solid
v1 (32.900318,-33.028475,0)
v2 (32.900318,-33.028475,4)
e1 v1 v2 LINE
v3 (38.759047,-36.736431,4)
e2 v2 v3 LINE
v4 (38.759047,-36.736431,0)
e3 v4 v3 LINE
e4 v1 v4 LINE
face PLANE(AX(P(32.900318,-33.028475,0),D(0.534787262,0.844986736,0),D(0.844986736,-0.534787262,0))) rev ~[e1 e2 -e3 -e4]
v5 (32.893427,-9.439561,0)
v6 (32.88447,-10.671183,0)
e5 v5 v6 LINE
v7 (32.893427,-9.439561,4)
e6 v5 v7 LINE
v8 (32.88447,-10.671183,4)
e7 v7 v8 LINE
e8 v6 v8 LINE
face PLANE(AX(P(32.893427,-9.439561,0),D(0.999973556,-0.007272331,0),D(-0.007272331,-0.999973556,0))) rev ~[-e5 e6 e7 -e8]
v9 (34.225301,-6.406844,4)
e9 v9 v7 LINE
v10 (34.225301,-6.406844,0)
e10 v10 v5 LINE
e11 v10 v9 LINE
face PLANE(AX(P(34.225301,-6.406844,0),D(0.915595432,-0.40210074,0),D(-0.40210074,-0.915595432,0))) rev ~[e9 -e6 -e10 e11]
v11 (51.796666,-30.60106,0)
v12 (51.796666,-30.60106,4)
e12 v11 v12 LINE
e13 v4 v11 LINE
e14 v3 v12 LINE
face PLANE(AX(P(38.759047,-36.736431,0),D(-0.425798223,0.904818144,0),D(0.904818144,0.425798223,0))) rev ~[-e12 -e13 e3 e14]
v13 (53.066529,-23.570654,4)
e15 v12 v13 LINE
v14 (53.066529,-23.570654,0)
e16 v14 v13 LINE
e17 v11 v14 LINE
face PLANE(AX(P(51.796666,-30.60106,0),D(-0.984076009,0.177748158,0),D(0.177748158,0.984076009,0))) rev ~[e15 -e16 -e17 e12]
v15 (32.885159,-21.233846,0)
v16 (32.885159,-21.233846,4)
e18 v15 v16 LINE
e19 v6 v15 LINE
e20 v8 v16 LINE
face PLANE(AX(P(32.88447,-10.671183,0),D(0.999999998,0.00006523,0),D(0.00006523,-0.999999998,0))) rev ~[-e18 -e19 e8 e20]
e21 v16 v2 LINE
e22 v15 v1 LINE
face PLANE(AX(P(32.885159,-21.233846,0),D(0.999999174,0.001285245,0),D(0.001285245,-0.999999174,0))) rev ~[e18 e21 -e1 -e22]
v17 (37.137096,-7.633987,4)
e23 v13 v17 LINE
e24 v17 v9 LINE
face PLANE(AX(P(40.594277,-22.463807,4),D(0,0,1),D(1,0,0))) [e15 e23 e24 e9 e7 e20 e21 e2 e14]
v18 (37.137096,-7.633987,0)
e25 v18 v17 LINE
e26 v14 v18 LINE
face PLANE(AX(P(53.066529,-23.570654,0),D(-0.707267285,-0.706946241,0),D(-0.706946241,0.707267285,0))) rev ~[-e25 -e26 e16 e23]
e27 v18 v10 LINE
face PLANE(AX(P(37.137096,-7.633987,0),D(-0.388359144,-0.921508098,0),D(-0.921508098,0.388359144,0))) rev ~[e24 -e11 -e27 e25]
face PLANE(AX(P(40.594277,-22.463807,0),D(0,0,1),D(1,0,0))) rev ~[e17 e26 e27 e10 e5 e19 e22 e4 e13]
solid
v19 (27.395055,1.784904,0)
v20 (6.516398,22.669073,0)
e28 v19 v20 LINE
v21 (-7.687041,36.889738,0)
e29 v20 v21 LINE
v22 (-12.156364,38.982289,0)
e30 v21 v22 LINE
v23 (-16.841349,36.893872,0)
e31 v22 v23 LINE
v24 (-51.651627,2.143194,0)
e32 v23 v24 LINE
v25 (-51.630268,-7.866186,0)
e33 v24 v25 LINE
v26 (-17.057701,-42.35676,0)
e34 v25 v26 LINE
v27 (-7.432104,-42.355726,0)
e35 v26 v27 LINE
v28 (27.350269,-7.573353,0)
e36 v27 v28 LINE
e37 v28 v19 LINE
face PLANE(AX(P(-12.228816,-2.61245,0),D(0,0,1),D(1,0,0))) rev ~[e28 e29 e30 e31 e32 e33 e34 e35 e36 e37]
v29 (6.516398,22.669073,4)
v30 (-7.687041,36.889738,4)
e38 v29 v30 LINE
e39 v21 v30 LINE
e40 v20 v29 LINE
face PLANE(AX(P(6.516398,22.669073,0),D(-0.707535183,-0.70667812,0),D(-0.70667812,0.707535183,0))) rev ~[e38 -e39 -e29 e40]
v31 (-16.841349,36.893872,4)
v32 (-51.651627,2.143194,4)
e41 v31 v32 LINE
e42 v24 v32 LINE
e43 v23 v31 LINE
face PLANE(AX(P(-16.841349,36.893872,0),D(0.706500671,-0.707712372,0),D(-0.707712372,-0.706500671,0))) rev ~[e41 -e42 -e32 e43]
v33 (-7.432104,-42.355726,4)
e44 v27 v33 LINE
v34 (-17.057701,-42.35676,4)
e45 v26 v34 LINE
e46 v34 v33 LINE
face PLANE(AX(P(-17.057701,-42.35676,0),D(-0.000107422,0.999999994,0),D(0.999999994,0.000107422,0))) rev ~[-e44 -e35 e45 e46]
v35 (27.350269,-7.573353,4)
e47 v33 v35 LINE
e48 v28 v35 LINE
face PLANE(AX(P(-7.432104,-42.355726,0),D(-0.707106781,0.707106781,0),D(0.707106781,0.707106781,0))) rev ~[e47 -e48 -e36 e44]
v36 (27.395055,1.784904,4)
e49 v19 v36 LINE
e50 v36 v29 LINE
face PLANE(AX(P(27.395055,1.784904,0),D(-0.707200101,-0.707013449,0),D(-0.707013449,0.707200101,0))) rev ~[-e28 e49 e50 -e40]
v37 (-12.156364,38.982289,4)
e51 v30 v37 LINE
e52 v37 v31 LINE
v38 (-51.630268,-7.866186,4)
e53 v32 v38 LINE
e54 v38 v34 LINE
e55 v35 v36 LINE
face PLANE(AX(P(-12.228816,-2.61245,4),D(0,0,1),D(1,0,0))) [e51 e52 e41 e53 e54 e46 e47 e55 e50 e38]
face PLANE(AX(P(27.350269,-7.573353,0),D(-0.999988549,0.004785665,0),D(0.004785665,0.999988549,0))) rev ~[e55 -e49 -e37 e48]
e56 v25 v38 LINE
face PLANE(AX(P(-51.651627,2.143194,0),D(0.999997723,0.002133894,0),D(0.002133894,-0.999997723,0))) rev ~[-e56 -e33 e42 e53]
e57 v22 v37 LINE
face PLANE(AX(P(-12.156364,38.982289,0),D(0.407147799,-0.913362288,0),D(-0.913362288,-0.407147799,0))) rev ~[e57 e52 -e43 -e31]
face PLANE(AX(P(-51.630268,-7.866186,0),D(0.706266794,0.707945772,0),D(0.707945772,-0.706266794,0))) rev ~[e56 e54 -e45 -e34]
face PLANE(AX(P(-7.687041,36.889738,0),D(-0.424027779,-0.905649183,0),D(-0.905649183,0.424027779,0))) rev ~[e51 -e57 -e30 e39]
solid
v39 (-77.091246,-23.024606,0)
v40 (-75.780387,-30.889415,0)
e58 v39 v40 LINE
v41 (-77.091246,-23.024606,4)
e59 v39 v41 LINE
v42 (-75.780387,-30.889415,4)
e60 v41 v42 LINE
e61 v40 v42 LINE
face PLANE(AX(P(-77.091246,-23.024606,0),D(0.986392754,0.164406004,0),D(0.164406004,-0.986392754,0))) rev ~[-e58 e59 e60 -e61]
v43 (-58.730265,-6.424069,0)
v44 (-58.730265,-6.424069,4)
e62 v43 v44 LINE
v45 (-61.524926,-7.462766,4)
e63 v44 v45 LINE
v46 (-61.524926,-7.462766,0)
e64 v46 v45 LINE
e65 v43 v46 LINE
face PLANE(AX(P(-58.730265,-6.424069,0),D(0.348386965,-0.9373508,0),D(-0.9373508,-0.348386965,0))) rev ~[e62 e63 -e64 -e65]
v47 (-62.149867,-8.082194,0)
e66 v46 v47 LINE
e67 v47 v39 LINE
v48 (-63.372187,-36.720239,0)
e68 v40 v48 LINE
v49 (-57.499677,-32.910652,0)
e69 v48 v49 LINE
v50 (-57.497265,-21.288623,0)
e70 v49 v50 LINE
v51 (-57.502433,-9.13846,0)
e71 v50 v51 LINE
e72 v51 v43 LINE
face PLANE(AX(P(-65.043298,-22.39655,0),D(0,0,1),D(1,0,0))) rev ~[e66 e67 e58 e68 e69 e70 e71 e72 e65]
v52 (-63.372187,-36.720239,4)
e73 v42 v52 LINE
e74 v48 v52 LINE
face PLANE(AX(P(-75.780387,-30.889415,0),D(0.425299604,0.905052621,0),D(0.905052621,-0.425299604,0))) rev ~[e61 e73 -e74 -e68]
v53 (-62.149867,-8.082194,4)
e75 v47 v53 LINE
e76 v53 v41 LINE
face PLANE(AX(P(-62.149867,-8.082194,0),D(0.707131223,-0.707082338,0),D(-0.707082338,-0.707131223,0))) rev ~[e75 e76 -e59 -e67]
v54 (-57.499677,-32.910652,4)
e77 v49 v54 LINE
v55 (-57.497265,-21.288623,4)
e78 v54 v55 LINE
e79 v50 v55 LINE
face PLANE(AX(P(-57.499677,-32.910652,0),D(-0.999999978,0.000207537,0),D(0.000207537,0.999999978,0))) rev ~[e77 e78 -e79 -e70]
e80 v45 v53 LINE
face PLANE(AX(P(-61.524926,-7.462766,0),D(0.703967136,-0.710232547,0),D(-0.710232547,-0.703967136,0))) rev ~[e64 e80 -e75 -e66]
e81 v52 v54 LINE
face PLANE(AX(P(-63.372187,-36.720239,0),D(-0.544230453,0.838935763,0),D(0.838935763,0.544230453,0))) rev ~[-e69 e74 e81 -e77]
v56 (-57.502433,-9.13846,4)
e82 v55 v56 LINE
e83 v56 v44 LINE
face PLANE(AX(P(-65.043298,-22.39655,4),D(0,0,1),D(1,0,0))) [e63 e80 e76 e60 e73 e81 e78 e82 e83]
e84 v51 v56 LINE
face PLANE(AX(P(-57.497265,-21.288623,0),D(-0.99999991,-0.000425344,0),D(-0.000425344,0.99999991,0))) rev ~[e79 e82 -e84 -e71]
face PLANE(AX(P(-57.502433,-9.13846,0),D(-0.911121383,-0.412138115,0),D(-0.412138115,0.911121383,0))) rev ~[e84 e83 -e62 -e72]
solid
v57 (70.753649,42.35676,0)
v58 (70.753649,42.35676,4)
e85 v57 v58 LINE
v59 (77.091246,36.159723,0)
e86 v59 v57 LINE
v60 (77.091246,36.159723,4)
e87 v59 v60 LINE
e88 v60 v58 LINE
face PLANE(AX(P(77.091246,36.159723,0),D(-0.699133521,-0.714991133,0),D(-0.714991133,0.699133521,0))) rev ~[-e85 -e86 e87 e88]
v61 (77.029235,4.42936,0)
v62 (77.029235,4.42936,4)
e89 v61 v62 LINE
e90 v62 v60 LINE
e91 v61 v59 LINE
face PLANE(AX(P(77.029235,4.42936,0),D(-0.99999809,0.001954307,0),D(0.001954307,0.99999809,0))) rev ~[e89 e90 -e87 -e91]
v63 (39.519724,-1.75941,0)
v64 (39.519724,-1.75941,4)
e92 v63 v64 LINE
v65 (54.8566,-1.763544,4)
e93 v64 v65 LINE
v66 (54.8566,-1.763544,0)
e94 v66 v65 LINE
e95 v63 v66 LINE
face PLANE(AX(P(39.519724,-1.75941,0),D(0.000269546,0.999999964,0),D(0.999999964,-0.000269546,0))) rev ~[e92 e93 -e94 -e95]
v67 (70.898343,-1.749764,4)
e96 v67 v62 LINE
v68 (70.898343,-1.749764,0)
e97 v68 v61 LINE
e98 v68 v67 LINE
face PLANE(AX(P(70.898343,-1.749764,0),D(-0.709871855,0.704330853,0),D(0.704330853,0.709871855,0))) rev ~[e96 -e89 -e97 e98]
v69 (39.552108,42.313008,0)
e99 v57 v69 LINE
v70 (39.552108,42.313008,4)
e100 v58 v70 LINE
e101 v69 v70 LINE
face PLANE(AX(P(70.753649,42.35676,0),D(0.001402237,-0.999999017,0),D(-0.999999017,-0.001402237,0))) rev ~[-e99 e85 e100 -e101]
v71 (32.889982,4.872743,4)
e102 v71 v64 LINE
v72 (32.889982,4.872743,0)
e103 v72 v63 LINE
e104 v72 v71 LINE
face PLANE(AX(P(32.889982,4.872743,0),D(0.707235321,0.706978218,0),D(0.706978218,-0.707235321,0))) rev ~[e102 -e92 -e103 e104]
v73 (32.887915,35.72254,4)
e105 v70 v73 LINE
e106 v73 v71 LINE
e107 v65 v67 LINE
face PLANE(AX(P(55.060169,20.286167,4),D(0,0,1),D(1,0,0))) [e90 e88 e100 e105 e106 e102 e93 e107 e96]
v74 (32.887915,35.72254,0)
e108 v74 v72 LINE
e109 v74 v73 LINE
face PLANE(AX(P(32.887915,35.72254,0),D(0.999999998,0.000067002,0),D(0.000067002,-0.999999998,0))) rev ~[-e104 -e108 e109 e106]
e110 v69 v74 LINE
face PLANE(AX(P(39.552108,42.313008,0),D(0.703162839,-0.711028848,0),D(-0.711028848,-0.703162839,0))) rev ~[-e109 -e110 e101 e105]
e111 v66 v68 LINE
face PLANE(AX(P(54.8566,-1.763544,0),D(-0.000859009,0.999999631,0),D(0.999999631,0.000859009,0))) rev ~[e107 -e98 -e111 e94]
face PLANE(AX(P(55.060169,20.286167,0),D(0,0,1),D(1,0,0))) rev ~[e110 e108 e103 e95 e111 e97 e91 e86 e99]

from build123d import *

# Parameters (mm, degrees)
F1_DEPTH = 4


with BuildPart() as f1:
    # F0 (on Top) → F1 (new body)
    with BuildSketch(Plane.XY):
        Polygon((-7.687041, 36.889738), (-12.156364, 38.982289), (-16.841349, 36.893872), (-51.651627, 2.143194), (-51.630268, -7.866186), (-17.057701, -42.35676), (-7.432104, -42.355726), (27.350269, -7.573353), (27.395055, 1.784904), (6.516398, 22.669073), align=None)
        Polygon((39.519724, -1.75941), (54.8566, -1.763544), (70.898343, -1.749764), (77.029235, 4.42936), (77.091246, 36.159723), (70.753649, 42.35676), (39.552108, 42.313008), (32.887915, 35.72254), (32.889982, 4.872743), align=None)
        Polygon((32.88447, -10.671183), (32.885159, -21.233846), (32.900318, -33.028475), (38.759047, -36.736431), (51.796666, -30.60106), (53.066529, -23.570654), (37.137096, -7.633987), (34.225301, -6.406844), (32.893427, -9.439561), align=None)
        Polygon((-57.499677, -32.910652), (-57.497265, -21.288623), (-57.502433, -9.13846), (-58.730265, -6.424069), (-61.524926, -7.462766), (-62.149867, -8.082194), (-77.091246, -23.024606), (-75.780387, -30.889415), (-63.372187, -36.720239), align=None)
    extrude(amount=F1_DEPTH)


solid = f1.part
